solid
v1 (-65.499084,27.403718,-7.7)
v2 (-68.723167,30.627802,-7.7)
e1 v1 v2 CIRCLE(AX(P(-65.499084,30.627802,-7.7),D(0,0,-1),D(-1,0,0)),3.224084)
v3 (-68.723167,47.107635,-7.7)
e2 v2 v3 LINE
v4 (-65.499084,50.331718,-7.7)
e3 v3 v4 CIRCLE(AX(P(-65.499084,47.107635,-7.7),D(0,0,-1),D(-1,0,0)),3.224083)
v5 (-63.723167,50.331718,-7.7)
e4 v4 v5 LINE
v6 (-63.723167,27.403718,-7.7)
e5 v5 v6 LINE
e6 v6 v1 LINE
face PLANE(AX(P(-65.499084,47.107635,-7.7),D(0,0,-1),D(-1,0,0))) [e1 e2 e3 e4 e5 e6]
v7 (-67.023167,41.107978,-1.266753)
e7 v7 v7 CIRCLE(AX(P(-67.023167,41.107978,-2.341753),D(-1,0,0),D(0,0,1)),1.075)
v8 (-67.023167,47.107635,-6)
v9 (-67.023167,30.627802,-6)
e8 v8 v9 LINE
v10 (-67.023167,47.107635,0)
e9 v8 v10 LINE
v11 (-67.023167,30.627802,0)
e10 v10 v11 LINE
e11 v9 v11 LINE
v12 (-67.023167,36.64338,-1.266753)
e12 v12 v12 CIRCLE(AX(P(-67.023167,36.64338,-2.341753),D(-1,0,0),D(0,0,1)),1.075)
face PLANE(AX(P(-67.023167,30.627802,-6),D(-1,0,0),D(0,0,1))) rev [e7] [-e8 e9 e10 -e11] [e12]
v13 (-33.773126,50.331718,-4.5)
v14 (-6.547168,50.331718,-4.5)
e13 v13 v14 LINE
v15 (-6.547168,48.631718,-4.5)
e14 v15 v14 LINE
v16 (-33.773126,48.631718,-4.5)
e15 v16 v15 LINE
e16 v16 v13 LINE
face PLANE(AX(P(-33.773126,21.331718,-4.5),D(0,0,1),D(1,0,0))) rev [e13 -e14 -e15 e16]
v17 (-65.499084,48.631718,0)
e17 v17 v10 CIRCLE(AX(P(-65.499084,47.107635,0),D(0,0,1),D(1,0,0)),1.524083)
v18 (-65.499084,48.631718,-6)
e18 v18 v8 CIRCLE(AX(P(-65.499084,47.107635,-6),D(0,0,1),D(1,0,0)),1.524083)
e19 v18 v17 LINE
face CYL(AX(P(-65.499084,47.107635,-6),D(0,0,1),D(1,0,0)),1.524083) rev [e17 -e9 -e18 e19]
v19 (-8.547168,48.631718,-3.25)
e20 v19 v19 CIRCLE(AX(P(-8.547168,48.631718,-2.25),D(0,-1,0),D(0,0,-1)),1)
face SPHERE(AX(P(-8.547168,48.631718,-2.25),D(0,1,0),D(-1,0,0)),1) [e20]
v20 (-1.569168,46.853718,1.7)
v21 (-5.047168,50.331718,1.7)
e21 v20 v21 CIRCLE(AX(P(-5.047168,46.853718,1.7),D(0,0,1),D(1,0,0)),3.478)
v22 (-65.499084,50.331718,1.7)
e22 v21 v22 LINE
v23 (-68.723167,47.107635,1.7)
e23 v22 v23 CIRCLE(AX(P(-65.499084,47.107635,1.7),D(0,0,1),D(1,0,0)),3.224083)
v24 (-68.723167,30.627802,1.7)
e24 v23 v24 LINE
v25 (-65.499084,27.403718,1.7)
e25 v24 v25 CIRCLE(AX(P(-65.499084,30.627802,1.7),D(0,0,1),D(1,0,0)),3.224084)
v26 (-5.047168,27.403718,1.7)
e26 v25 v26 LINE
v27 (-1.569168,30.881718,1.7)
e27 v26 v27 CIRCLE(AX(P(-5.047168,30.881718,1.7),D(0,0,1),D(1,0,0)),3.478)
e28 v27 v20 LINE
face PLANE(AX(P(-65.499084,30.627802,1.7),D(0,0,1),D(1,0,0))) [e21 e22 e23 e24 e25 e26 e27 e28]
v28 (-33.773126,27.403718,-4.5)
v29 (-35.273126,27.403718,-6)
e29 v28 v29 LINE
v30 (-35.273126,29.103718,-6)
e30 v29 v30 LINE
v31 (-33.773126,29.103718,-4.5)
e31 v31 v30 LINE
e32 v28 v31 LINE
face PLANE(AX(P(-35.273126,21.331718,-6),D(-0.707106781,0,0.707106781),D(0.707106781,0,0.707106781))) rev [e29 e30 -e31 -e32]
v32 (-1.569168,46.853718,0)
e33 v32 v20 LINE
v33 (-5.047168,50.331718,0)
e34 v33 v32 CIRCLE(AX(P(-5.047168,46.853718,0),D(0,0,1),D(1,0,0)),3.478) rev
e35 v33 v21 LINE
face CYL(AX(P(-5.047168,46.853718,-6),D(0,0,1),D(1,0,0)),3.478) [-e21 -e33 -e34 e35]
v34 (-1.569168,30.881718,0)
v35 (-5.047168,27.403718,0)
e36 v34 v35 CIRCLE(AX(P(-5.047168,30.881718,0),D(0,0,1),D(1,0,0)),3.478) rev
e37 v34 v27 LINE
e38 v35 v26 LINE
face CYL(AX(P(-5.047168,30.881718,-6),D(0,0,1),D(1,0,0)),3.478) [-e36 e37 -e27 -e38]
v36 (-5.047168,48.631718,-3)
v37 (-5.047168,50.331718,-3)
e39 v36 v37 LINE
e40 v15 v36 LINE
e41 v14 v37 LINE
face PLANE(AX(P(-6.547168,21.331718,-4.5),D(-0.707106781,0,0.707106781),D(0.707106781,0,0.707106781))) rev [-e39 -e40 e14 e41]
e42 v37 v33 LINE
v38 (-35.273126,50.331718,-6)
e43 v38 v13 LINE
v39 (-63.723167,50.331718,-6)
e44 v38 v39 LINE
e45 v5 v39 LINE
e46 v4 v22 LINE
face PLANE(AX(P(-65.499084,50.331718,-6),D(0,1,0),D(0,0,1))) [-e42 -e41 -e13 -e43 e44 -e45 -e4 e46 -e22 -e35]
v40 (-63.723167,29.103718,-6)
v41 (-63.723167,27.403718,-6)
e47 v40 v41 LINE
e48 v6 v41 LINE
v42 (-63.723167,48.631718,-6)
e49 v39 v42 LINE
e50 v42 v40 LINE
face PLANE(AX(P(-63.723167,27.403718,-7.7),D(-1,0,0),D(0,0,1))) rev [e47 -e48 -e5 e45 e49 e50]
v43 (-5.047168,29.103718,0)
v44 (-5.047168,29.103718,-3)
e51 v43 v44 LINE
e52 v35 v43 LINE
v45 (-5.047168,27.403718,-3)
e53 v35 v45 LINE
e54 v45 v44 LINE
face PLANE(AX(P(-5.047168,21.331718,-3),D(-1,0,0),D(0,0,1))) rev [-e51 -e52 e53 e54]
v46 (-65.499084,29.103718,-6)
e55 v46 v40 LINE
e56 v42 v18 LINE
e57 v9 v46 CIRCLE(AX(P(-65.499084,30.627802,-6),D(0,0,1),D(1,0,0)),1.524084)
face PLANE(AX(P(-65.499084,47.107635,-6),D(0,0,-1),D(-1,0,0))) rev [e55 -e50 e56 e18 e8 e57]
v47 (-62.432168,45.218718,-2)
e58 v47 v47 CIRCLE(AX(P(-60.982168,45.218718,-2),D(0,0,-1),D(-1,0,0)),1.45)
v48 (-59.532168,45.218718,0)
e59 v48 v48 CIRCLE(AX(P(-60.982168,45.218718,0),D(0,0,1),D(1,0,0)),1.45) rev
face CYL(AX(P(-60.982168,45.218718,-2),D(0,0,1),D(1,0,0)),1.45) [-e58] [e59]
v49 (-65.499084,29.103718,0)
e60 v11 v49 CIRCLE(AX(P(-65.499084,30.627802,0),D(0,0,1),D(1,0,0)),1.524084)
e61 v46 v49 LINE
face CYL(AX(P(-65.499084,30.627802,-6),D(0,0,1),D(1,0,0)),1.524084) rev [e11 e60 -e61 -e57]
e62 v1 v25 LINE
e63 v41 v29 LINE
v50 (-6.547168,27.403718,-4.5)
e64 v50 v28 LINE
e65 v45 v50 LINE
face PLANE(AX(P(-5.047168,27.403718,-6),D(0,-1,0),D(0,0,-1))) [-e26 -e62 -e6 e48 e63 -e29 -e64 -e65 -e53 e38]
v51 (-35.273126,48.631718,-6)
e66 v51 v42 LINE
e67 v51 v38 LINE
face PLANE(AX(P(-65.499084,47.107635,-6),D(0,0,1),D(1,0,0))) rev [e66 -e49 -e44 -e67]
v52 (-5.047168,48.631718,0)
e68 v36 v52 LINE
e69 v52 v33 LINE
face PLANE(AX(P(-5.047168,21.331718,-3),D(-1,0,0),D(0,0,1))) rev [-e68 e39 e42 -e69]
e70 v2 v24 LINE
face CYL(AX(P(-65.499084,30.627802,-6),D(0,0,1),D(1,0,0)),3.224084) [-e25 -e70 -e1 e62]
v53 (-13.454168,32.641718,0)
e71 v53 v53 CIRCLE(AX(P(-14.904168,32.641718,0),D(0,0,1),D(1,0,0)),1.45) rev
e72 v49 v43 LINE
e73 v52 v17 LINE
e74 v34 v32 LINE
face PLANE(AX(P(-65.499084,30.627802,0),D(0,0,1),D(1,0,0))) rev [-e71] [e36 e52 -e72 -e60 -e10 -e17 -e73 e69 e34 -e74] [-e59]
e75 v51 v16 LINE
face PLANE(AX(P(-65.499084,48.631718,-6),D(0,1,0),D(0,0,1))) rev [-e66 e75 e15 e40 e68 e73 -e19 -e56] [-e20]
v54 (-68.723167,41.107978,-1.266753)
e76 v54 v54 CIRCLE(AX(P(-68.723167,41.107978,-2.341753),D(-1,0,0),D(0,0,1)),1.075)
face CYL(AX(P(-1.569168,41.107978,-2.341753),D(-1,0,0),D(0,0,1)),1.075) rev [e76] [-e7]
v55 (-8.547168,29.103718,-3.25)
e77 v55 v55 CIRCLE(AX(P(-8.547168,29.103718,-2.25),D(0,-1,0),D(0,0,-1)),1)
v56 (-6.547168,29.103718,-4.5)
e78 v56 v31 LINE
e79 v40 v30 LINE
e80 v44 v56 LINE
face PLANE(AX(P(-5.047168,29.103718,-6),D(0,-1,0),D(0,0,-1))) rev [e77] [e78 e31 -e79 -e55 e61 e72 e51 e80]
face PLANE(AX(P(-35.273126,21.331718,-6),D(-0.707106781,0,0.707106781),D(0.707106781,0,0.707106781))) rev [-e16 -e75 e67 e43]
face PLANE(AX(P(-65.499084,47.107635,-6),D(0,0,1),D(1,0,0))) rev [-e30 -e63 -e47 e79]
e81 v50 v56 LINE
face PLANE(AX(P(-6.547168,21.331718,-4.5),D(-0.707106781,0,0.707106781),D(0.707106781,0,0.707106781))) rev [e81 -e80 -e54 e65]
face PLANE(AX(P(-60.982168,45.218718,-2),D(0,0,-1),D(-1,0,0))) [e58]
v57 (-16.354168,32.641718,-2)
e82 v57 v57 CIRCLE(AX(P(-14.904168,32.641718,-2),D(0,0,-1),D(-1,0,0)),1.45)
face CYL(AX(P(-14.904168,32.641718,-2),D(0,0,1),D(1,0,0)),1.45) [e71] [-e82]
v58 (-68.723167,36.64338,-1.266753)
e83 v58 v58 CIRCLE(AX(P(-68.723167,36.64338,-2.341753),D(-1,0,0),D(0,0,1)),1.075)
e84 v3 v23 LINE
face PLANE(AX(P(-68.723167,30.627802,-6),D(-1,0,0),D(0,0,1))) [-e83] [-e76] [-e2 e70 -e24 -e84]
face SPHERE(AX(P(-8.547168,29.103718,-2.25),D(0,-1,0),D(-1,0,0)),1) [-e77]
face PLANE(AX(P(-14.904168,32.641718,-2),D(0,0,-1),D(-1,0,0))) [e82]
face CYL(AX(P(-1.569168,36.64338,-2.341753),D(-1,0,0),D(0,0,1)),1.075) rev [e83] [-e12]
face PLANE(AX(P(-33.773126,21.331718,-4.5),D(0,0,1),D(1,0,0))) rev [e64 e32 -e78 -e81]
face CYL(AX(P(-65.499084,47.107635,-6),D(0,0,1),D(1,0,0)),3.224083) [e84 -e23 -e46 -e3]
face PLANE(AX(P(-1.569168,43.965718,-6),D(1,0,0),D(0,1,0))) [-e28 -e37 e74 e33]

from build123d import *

# Parameters (mm, degrees)
BOSS_EXTRUDE1_DEPTH = 6
BOSS_EXTRUDE2_START = 1.7
BOSS_EXTRUDE2_DEPTH = 1.7
CUT_EXTRUDE3_DEPTH  = 29
BOSS_EXTRUDE5_DEPTH = 1.7
CUT_EXTRUDE4_DEPTH  = 85.274737764
SKETCH17_R          = 1.45
BOSS_EXTRUDE6_DEPTH = 2


with BuildPart() as part:
    # Sketch1 → Boss-Extrude1 (new body)
    with BuildSketch(Plane.XY):
        with BuildLine():
            Line((-65.499084074, 50.331718091), (-14.793168506, 50.331718091))
            Line((-14.793168506, 50.331718091), (-5.047168405, 50.331718091))
            ThreePointArc((-5.047168405, 50.331718091), (-2.58785102, 49.313035476), (-1.569168405, 46.853718091))
            Line((-1.569168405, 46.853718091), (-1.569168405, 43.965718386))
            Line((-1.569168405, 43.965718386), (-1.569168405, 33.805718061))
            Line((-1.569168405, 33.805718061), (-1.569168405, 30.881718108))
            ThreePointArc((-1.569168405, 30.881718108), (-2.58785102, 28.422400723), (-5.047168405, 27.403718108))
            Line((-5.047168405, 27.403718108), (-14.829168757, 27.403718108))
            Line((-14.829168757, 27.403718108), (-65.499083667, 27.403718108))
            ThreePointArc((-65.499083667, 27.403718108), (-67.778855129, 28.348030366), (-68.723167387, 30.627801828))
            Line((-68.723167387, 30.627801828), (-68.723167387, 47.107634778))
            ThreePointArc((-68.723167387, 47.107634778), (-67.778855248, 49.387405952), (-65.499084074, 50.331718091))
        make_face()
        with BuildLine():
            Line((-3.269168405, 43.965718386), (-3.269168405, 46.853718091))
            ThreePointArc((-3.269168405, 46.853718091), (-3.789932548, 48.110953948), (-5.047168405, 48.631718091))
            Line((-5.047168405, 48.631718091), (-14.793168506, 48.631718091))
            Line((-14.793168506, 48.631718091), (-65.499084074, 48.631718091))
            ThreePointArc((-65.499084074, 48.631718091), (-66.57677372, 48.185324424), (-67.023167387, 47.107634778))
            Line((-67.023167387, 47.107634778), (-67.023167387, 30.627801828))
            ThreePointArc((-67.023167387, 30.627801828), (-66.576773601, 29.550111894), (-65.499083667, 29.103718108))
            Line((-65.499083667, 29.103718108), (-14.829168757, 29.103718108))
            Line((-14.829168757, 29.103718108), (-5.047168405, 29.103718108))
            ThreePointArc((-5.047168405, 29.103718108), (-3.789932548, 29.624482251), (-3.269168405, 30.881718108))
            Line((-3.269168405, 30.881718108), (-3.269168405, 33.805718061))
            Line((-3.269168405, 33.805718061), (-3.269168405, 43.965718386))
        make_face(mode=Mode.SUBTRACT)
    extrude(amount=-BOSS_EXTRUDE1_DEPTH)

    # Sketch3 → Boss-Extrude2 (add)
    with BuildSketch(Plane.XY.offset(BOSS_EXTRUDE2_START)):
        with BuildLine():
            Line((-68.723167387, 47.107634778), (-68.723167387, 30.627801828))
            ThreePointArc((-68.723167387, 30.627801828), (-67.778855129, 28.348030366), (-65.499083667, 27.403718108))
            Line((-65.499083667, 27.403718108), (-5.047168405, 27.403718108))
            ThreePointArc((-5.047168405, 27.403718108), (-2.58785102, 28.422400723), (-1.569168405, 30.881718108))
            Line((-1.569168405, 30.881718108), (-1.569168405, 46.853718091))
            ThreePointArc((-1.569168405, 46.853718091), (-2.58785102, 49.313035476), (-5.047168405, 50.331718091))
            Line((-5.047168405, 50.331718091), (-65.499084074, 50.331718091))
            ThreePointArc((-65.499084074, 50.331718091), (-67.778855248, 49.387405952), (-68.723167387, 47.107634778))
        make_face()
    extrude(amount=-BOSS_EXTRUDE2_DEPTH)

    # Sketch11 → Cut-Extrude3 (cut)
    with BuildSketch(Plane(origin=(0, 50.331718091, 0), x_dir=(1, 0, 0), z_dir=(0, 1, 0))):
        Polygon((-35.27312624, 6), (-33.77312624, 4.5), (-6.547168405, 4.5), (-5.047168405, 3), (-5.047168405, 0), (-1.569168405, 0), (-1.569168405, 6), align=None)
    extrude(amount=-CUT_EXTRUDE3_DEPTH, mode=Mode.SUBTRACT)

    # Sketch13 → Revolve3 (revolve)
    with BuildSketch(Plane(origin=(0, 0, -2.25), x_dir=(-1, 0, 0), z_dir=(0, 0, -1))):
        with BuildLine():
            Line((8.547168405, 29.103718108), (8.547168405, 30.103718108))
            ThreePointArc((8.547168405, 30.103718108), (9.254275186, 29.810824889), (9.547168405, 29.103718108))
            Line((9.547168405, 29.103718108), (8.547168405, 29.103718108))
        make_face()
    revolve3 = revolve(axis=Axis((-8.547168405, 29.103718108, -2.25), (0, 1, 0)))

    # Mirror3: Revolve3 across plane
    add(revolve3.mirror(Plane(origin=(0, 38.867718099, 0), x_dir=(0, 0, 1), z_dir=(0, -1, 0))))

    # Sketch14 → Boss-Extrude5 (add)
    with BuildSketch(Plane(origin=(0, 0, -6), x_dir=(-1, 0, 0), z_dir=(0, 0, -1))):
        with BuildLine():
            Line((63.723167387, 27.403718108), (63.723167387, 50.331718091))
            Line((63.723167387, 50.331718091), (65.499084074, 50.331718091))
            ThreePointArc((65.499084074, 50.331718091), (67.778855248, 49.387405952), (68.723167387, 47.107634778))
            Line((68.723167387, 47.107634778), (68.723167387, 30.627801828))
            ThreePointArc((68.723167387, 30.627801828), (67.778855129, 28.348030366), (65.499083667, 27.403718108))
            Line((65.499083667, 27.403718108), (63.723167387, 27.403718108))
        make_face()
    extrude(amount=BOSS_EXTRUDE5_DEPTH)

    # Sketch15 → Cut-Extrude4 (cut, through all)
    with BuildSketch(Plane.ZY.offset(68.723167387)):
        with BuildLine():
            ThreePointArc((-2.341753072, 42.182977625), (-3.416753072, 41.107977625), (-2.341753072, 40.032977625))
            Line((-2.341753072, 40.032977625), (-2.341753072, 42.182977625))
        make_face()
        with BuildLine():
            Line((-2.341753072, 42.182977625), (-2.341753072, 40.032977625))
            ThreePointArc((-2.341753072, 40.032977625), (-1.581613282, 40.347837835), (-1.266753072, 41.107977625))
            ThreePointArc((-1.266753072, 41.107977625), (-1.581613282, 41.868117415), (-2.341753072, 42.182977625))
        make_face()
        with BuildLine():
            ThreePointArc((-2.341753072, 37.718380266), (-3.416753072, 36.643380266), (-2.341753072, 35.568380266))
            Line((-2.341753072, 35.568380266), (-2.341753072, 37.718380266))
        make_face()
        with BuildLine():
            Line((-2.341753072, 37.718380266), (-2.341753072, 35.568380266))
            ThreePointArc((-2.341753072, 35.568380266), (-1.581613282, 35.883240476), (-1.266753072, 36.643380266))
            ThreePointArc((-1.266753072, 36.643380266), (-1.581613282, 37.403520056), (-2.341753072, 37.718380266))
        make_face()
    extrude(amount=-CUT_EXTRUDE4_DEPTH, mode=Mode.SUBTRACT)

    # Sketch17 → Boss-Extrude6 (add)
    with BuildSketch(Plane(origin=(0, 0, 0), x_dir=(-1, 0, 0), z_dir=(0, 0, -1))):
        with Locations(Location((14.904168421, 32.641718081, 0), (0, 0, 180))):
            Circle(SKETCH17_R)
        with Locations(Location((60.982168421, 45.218718081, 0), (0, 0, 180))):
            Circle(SKETCH17_R)
    extrude(amount=BOSS_EXTRUDE6_DEPTH)


solid = part.part
